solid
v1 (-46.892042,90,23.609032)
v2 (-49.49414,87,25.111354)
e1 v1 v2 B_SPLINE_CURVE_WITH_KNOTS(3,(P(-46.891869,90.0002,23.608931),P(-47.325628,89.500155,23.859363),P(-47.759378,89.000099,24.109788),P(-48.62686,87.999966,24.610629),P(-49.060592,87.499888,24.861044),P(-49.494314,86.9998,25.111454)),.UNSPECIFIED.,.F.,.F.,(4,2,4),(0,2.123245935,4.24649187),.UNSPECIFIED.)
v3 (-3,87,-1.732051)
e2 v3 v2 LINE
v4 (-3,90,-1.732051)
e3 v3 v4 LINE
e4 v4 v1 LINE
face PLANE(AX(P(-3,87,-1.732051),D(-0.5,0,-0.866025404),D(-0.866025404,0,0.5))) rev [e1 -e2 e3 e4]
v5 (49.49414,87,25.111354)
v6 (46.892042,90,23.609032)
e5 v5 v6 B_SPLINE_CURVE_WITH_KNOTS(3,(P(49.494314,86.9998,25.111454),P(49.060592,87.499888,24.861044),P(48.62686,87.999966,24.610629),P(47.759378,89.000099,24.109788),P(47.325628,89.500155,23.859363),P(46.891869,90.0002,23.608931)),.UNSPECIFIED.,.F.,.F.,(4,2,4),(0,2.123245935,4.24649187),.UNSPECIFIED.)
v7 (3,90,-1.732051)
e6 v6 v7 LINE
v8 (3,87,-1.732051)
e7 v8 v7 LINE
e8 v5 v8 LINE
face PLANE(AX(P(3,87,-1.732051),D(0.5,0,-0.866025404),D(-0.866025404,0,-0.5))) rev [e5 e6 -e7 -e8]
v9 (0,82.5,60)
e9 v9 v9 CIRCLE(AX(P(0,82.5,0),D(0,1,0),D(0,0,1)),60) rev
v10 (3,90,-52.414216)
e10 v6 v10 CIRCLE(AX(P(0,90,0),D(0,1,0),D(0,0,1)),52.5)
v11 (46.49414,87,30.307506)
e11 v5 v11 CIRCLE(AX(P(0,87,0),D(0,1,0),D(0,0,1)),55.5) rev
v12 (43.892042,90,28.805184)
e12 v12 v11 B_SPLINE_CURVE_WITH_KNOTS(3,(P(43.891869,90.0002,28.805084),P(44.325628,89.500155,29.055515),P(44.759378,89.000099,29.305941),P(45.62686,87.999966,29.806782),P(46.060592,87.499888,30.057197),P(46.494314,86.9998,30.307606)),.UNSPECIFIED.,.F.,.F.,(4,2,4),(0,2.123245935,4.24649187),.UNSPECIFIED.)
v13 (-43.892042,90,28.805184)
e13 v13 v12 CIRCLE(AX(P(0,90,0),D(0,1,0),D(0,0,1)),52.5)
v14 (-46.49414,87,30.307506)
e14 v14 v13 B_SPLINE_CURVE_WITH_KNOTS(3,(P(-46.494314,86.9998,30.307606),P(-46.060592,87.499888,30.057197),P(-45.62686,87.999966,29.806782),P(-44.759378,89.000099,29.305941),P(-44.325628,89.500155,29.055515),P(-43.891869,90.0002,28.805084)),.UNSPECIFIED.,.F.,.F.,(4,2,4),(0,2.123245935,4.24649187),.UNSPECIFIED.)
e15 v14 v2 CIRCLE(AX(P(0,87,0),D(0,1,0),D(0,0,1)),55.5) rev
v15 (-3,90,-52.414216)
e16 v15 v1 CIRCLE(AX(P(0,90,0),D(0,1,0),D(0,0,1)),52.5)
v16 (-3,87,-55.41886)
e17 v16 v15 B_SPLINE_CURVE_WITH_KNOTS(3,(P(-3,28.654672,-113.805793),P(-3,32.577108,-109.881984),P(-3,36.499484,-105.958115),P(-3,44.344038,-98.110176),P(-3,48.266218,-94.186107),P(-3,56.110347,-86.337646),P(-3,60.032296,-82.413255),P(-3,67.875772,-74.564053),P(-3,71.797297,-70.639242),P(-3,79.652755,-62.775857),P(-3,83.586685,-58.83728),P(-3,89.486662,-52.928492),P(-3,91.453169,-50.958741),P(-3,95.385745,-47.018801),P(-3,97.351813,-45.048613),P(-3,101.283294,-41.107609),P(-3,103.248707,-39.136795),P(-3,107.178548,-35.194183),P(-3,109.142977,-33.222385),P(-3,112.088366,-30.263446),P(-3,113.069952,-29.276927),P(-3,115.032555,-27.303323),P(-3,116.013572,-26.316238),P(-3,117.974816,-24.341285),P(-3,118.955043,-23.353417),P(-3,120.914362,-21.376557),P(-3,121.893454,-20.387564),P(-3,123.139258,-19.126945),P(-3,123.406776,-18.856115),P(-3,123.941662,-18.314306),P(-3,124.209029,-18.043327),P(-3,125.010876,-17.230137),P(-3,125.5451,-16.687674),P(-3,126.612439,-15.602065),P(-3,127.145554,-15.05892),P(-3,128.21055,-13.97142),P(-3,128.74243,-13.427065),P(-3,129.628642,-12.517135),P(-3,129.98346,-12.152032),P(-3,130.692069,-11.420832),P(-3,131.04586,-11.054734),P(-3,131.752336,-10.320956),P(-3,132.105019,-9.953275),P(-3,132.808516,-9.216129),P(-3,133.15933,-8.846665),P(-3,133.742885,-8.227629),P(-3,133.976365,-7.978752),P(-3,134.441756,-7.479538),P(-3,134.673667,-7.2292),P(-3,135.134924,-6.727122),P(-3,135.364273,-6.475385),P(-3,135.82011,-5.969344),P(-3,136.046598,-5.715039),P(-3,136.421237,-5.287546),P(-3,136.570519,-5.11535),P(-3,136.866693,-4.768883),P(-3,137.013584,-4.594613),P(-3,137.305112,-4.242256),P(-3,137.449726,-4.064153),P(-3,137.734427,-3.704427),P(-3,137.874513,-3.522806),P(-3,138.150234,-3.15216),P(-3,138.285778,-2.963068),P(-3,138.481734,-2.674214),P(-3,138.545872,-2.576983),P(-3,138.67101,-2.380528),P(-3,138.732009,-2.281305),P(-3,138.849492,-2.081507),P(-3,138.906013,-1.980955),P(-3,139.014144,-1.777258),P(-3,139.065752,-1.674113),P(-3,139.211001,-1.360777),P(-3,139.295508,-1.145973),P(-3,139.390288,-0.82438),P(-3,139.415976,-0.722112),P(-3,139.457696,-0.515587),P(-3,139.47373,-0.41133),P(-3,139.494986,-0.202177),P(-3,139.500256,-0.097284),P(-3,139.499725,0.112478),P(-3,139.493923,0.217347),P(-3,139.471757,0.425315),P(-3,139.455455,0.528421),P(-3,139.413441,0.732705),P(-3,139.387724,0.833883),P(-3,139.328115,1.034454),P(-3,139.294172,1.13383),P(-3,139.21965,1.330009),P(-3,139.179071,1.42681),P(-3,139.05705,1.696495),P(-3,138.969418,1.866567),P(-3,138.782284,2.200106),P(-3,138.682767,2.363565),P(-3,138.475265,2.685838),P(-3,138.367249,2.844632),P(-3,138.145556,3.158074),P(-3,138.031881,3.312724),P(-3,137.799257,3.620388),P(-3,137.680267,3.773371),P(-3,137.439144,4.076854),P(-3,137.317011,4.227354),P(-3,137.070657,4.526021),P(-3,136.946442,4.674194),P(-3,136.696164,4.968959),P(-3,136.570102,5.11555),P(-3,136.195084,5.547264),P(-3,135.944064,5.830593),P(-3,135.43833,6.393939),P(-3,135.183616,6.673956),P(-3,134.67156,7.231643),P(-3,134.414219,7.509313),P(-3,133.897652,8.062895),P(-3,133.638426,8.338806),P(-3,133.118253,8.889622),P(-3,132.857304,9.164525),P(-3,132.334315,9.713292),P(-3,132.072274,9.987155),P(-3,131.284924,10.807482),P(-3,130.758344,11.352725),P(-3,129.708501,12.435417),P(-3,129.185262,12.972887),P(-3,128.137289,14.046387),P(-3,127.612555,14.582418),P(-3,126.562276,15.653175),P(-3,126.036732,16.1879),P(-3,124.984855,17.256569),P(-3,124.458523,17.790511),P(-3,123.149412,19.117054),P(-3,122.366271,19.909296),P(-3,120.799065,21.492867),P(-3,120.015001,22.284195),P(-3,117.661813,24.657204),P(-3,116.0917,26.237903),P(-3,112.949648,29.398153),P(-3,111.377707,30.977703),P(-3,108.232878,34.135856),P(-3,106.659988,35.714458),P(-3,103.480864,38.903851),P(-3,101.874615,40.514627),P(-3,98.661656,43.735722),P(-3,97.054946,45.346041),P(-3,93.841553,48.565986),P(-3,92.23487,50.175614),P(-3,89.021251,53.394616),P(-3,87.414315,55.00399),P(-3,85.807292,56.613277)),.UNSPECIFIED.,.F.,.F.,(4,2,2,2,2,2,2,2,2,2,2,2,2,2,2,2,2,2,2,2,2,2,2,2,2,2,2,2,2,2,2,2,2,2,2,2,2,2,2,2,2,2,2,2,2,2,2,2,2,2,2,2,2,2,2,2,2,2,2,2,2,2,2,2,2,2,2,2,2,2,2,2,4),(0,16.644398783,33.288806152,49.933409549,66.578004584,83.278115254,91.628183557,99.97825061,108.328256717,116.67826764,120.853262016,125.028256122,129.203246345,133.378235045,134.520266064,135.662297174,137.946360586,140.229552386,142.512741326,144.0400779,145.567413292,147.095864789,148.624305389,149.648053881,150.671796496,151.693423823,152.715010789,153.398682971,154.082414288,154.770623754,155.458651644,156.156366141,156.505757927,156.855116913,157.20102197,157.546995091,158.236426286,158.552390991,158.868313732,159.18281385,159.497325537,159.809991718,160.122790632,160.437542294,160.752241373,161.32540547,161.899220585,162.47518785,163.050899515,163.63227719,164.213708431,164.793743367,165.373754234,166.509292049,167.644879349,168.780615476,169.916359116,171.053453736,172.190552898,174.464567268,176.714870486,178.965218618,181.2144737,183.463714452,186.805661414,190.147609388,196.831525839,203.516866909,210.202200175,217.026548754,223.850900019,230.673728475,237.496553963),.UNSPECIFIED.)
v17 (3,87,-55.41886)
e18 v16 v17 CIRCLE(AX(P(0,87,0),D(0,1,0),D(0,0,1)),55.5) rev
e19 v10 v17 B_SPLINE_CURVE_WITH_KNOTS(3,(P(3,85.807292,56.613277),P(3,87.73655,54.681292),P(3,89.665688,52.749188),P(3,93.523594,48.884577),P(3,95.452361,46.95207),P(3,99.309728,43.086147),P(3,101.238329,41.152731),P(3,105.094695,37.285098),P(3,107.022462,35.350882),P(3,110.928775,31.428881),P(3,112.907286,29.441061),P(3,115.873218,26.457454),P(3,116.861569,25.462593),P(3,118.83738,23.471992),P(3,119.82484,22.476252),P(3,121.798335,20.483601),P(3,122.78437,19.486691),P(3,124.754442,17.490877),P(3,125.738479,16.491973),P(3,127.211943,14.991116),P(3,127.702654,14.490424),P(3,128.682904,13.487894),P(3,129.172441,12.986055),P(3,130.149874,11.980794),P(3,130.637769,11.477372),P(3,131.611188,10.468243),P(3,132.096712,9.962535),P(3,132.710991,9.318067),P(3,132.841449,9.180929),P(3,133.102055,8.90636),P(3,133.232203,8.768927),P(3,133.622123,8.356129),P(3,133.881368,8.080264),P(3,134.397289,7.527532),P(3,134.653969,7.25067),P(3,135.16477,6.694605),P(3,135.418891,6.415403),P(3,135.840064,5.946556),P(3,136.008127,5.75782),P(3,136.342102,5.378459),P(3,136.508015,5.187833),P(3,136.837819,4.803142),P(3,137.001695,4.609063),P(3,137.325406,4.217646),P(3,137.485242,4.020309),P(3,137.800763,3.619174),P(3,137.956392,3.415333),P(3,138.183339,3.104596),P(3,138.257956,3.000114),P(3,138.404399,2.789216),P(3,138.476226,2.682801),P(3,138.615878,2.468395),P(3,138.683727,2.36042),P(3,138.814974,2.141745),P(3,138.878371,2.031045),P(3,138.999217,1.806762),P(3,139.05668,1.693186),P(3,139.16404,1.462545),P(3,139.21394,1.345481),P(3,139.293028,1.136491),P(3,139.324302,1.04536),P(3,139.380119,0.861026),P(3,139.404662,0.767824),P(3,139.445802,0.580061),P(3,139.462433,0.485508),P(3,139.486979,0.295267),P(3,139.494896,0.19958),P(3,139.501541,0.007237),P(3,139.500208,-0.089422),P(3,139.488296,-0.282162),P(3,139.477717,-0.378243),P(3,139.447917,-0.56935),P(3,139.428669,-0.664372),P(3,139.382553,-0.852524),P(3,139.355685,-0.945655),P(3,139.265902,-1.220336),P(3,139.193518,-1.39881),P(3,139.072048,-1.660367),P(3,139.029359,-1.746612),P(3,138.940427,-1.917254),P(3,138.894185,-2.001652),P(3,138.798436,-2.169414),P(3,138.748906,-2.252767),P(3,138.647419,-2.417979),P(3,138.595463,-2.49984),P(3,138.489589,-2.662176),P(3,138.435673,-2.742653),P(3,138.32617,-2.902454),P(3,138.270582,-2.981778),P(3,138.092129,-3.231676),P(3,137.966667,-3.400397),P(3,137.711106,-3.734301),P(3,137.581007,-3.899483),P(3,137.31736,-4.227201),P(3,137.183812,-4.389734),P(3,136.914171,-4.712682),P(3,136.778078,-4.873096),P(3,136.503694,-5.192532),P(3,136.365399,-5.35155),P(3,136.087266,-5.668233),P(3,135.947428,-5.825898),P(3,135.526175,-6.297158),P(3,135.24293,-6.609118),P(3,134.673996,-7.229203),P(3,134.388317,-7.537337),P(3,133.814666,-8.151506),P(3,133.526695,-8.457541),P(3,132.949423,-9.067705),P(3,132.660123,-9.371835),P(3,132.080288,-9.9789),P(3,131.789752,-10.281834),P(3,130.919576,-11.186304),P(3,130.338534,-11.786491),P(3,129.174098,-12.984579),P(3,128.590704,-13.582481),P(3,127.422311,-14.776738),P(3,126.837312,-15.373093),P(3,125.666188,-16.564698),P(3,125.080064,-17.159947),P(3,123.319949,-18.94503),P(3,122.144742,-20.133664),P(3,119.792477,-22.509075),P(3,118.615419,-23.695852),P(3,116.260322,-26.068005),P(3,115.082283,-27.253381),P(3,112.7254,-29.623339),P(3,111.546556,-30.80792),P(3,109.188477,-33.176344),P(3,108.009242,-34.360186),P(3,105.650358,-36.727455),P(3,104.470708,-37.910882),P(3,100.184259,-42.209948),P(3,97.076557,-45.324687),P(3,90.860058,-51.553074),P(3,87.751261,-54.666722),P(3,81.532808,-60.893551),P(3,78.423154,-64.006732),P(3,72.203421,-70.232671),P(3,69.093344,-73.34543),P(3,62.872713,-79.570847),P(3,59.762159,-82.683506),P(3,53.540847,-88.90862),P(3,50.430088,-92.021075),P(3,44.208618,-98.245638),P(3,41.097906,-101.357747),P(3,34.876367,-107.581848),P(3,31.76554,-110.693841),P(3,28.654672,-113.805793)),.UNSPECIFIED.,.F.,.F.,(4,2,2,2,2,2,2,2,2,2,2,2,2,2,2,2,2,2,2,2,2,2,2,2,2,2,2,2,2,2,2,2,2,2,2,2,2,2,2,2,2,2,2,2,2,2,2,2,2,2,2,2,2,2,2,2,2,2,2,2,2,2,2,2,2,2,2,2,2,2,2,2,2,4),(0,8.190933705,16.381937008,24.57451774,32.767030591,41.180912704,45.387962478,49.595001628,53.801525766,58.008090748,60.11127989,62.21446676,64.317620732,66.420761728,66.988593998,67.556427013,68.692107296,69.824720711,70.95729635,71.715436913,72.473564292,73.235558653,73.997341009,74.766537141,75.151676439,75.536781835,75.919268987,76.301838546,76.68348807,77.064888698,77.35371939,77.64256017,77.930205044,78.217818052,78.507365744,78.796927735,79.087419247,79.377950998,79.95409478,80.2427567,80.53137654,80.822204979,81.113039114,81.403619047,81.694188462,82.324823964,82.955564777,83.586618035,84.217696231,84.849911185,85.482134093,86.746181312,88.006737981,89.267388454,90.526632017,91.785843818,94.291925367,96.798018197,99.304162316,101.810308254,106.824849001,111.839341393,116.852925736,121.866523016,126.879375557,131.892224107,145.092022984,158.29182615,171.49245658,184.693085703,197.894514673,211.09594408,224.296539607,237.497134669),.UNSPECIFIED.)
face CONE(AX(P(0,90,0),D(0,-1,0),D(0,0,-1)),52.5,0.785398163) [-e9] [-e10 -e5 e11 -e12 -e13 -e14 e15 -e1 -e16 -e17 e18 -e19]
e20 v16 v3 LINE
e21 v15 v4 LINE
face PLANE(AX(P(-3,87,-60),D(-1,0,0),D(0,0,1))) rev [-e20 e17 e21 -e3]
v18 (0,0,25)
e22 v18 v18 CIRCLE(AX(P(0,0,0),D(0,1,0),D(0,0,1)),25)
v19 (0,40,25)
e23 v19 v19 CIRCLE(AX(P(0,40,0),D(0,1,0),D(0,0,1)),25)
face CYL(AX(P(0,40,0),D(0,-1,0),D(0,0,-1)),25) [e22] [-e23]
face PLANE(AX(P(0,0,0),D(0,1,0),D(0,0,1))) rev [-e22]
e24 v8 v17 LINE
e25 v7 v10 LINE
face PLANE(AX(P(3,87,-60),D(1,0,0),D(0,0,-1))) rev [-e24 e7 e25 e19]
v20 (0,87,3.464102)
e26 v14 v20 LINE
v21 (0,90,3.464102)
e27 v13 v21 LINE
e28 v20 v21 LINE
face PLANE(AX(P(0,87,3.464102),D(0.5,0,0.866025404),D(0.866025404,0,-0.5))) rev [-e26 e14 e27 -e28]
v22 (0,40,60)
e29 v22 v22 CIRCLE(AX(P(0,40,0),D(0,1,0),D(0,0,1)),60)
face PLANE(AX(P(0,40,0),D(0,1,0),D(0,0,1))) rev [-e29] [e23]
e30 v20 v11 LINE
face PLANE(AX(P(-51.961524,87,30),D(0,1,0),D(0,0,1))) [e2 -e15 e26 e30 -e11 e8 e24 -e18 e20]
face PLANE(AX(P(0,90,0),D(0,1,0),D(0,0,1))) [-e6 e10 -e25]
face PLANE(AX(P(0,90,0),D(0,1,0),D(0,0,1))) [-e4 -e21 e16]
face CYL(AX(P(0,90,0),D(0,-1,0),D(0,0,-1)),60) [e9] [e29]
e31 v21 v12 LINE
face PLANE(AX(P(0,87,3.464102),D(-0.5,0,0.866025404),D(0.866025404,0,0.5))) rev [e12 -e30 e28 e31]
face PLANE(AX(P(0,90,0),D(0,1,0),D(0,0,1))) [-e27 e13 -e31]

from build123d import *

# Parameters (mm, degrees)
SKETCH1_R           = 25
BOSS_EXTRUDE1_DEPTH = 40
SKETCH2_R           = 60
BOSS_EXTRUDE2_DEPTH = 50
CHAMFER1_SIZE       = 7.5
CUT_EXTRUDE1_DEPTH  = 3


with BuildPart() as part:
    # Sketch1 → Boss-Extrude1 (new body)
    with BuildSketch(Plane(origin=(0, 0, 0), x_dir=(1, 0, 0), z_dir=(0, 1, 0))):
        with Locations(Location((0, 0, 0), (0, 0, 270))):
            Circle(SKETCH1_R)
    extrude(amount=BOSS_EXTRUDE1_DEPTH)

    # Sketch2 → Boss-Extrude2 (add)
    with BuildSketch(Plane(origin=(0, 40, 0), x_dir=(1, 0, 0), z_dir=(0, 1, 0))):
        with Locations(Location((0, 0, 0), (0, 0, 270))):
            Circle(SKETCH2_R)
    extrude(amount=BOSS_EXTRUDE2_DEPTH)

    # Chamfer1
    chamfer1_edges = [part.edges().sort_by_distance(p)[0] for p in [
        (0, 90, -60),
    ]]
    chamfer(chamfer1_edges, length=CHAMFER1_SIZE)

    # Sketch3 → Cut-Extrude1 (cut)
    with BuildSketch(Plane(origin=(0, 90, 0), x_dir=(1, 0, 0), z_dir=(0, 1, 0))):
        with BuildLine():
            Line((-3, 1.732050808), (-53.461524227, -27.401923789))
            ThreePointArc((-53.461524227, -27.401923789), (-54.559600438, -31.5), (-50.461524227, -32.598076211))
            Line((-50.461524227, -32.598076211), (0, -3.464101615))
            Line((0, -3.464101615), (50.461524227, -32.598076211))
            ThreePointArc((50.461524227, -32.598076211), (54.559600438, -31.5), (53.461524227, -27.401923789))
            Line((53.461524227, -27.401923789), (3, 1.732050808))
            Line((3, 1.732050808), (3, 60))
            ThreePointArc((3, 60), (0, 63), (-3, 60))
            Line((-3, 60), (-3, 1.732050808))
        make_face()
    extrude(amount=-CUT_EXTRUDE1_DEPTH, mode=Mode.SUBTRACT)


solid = part.part
